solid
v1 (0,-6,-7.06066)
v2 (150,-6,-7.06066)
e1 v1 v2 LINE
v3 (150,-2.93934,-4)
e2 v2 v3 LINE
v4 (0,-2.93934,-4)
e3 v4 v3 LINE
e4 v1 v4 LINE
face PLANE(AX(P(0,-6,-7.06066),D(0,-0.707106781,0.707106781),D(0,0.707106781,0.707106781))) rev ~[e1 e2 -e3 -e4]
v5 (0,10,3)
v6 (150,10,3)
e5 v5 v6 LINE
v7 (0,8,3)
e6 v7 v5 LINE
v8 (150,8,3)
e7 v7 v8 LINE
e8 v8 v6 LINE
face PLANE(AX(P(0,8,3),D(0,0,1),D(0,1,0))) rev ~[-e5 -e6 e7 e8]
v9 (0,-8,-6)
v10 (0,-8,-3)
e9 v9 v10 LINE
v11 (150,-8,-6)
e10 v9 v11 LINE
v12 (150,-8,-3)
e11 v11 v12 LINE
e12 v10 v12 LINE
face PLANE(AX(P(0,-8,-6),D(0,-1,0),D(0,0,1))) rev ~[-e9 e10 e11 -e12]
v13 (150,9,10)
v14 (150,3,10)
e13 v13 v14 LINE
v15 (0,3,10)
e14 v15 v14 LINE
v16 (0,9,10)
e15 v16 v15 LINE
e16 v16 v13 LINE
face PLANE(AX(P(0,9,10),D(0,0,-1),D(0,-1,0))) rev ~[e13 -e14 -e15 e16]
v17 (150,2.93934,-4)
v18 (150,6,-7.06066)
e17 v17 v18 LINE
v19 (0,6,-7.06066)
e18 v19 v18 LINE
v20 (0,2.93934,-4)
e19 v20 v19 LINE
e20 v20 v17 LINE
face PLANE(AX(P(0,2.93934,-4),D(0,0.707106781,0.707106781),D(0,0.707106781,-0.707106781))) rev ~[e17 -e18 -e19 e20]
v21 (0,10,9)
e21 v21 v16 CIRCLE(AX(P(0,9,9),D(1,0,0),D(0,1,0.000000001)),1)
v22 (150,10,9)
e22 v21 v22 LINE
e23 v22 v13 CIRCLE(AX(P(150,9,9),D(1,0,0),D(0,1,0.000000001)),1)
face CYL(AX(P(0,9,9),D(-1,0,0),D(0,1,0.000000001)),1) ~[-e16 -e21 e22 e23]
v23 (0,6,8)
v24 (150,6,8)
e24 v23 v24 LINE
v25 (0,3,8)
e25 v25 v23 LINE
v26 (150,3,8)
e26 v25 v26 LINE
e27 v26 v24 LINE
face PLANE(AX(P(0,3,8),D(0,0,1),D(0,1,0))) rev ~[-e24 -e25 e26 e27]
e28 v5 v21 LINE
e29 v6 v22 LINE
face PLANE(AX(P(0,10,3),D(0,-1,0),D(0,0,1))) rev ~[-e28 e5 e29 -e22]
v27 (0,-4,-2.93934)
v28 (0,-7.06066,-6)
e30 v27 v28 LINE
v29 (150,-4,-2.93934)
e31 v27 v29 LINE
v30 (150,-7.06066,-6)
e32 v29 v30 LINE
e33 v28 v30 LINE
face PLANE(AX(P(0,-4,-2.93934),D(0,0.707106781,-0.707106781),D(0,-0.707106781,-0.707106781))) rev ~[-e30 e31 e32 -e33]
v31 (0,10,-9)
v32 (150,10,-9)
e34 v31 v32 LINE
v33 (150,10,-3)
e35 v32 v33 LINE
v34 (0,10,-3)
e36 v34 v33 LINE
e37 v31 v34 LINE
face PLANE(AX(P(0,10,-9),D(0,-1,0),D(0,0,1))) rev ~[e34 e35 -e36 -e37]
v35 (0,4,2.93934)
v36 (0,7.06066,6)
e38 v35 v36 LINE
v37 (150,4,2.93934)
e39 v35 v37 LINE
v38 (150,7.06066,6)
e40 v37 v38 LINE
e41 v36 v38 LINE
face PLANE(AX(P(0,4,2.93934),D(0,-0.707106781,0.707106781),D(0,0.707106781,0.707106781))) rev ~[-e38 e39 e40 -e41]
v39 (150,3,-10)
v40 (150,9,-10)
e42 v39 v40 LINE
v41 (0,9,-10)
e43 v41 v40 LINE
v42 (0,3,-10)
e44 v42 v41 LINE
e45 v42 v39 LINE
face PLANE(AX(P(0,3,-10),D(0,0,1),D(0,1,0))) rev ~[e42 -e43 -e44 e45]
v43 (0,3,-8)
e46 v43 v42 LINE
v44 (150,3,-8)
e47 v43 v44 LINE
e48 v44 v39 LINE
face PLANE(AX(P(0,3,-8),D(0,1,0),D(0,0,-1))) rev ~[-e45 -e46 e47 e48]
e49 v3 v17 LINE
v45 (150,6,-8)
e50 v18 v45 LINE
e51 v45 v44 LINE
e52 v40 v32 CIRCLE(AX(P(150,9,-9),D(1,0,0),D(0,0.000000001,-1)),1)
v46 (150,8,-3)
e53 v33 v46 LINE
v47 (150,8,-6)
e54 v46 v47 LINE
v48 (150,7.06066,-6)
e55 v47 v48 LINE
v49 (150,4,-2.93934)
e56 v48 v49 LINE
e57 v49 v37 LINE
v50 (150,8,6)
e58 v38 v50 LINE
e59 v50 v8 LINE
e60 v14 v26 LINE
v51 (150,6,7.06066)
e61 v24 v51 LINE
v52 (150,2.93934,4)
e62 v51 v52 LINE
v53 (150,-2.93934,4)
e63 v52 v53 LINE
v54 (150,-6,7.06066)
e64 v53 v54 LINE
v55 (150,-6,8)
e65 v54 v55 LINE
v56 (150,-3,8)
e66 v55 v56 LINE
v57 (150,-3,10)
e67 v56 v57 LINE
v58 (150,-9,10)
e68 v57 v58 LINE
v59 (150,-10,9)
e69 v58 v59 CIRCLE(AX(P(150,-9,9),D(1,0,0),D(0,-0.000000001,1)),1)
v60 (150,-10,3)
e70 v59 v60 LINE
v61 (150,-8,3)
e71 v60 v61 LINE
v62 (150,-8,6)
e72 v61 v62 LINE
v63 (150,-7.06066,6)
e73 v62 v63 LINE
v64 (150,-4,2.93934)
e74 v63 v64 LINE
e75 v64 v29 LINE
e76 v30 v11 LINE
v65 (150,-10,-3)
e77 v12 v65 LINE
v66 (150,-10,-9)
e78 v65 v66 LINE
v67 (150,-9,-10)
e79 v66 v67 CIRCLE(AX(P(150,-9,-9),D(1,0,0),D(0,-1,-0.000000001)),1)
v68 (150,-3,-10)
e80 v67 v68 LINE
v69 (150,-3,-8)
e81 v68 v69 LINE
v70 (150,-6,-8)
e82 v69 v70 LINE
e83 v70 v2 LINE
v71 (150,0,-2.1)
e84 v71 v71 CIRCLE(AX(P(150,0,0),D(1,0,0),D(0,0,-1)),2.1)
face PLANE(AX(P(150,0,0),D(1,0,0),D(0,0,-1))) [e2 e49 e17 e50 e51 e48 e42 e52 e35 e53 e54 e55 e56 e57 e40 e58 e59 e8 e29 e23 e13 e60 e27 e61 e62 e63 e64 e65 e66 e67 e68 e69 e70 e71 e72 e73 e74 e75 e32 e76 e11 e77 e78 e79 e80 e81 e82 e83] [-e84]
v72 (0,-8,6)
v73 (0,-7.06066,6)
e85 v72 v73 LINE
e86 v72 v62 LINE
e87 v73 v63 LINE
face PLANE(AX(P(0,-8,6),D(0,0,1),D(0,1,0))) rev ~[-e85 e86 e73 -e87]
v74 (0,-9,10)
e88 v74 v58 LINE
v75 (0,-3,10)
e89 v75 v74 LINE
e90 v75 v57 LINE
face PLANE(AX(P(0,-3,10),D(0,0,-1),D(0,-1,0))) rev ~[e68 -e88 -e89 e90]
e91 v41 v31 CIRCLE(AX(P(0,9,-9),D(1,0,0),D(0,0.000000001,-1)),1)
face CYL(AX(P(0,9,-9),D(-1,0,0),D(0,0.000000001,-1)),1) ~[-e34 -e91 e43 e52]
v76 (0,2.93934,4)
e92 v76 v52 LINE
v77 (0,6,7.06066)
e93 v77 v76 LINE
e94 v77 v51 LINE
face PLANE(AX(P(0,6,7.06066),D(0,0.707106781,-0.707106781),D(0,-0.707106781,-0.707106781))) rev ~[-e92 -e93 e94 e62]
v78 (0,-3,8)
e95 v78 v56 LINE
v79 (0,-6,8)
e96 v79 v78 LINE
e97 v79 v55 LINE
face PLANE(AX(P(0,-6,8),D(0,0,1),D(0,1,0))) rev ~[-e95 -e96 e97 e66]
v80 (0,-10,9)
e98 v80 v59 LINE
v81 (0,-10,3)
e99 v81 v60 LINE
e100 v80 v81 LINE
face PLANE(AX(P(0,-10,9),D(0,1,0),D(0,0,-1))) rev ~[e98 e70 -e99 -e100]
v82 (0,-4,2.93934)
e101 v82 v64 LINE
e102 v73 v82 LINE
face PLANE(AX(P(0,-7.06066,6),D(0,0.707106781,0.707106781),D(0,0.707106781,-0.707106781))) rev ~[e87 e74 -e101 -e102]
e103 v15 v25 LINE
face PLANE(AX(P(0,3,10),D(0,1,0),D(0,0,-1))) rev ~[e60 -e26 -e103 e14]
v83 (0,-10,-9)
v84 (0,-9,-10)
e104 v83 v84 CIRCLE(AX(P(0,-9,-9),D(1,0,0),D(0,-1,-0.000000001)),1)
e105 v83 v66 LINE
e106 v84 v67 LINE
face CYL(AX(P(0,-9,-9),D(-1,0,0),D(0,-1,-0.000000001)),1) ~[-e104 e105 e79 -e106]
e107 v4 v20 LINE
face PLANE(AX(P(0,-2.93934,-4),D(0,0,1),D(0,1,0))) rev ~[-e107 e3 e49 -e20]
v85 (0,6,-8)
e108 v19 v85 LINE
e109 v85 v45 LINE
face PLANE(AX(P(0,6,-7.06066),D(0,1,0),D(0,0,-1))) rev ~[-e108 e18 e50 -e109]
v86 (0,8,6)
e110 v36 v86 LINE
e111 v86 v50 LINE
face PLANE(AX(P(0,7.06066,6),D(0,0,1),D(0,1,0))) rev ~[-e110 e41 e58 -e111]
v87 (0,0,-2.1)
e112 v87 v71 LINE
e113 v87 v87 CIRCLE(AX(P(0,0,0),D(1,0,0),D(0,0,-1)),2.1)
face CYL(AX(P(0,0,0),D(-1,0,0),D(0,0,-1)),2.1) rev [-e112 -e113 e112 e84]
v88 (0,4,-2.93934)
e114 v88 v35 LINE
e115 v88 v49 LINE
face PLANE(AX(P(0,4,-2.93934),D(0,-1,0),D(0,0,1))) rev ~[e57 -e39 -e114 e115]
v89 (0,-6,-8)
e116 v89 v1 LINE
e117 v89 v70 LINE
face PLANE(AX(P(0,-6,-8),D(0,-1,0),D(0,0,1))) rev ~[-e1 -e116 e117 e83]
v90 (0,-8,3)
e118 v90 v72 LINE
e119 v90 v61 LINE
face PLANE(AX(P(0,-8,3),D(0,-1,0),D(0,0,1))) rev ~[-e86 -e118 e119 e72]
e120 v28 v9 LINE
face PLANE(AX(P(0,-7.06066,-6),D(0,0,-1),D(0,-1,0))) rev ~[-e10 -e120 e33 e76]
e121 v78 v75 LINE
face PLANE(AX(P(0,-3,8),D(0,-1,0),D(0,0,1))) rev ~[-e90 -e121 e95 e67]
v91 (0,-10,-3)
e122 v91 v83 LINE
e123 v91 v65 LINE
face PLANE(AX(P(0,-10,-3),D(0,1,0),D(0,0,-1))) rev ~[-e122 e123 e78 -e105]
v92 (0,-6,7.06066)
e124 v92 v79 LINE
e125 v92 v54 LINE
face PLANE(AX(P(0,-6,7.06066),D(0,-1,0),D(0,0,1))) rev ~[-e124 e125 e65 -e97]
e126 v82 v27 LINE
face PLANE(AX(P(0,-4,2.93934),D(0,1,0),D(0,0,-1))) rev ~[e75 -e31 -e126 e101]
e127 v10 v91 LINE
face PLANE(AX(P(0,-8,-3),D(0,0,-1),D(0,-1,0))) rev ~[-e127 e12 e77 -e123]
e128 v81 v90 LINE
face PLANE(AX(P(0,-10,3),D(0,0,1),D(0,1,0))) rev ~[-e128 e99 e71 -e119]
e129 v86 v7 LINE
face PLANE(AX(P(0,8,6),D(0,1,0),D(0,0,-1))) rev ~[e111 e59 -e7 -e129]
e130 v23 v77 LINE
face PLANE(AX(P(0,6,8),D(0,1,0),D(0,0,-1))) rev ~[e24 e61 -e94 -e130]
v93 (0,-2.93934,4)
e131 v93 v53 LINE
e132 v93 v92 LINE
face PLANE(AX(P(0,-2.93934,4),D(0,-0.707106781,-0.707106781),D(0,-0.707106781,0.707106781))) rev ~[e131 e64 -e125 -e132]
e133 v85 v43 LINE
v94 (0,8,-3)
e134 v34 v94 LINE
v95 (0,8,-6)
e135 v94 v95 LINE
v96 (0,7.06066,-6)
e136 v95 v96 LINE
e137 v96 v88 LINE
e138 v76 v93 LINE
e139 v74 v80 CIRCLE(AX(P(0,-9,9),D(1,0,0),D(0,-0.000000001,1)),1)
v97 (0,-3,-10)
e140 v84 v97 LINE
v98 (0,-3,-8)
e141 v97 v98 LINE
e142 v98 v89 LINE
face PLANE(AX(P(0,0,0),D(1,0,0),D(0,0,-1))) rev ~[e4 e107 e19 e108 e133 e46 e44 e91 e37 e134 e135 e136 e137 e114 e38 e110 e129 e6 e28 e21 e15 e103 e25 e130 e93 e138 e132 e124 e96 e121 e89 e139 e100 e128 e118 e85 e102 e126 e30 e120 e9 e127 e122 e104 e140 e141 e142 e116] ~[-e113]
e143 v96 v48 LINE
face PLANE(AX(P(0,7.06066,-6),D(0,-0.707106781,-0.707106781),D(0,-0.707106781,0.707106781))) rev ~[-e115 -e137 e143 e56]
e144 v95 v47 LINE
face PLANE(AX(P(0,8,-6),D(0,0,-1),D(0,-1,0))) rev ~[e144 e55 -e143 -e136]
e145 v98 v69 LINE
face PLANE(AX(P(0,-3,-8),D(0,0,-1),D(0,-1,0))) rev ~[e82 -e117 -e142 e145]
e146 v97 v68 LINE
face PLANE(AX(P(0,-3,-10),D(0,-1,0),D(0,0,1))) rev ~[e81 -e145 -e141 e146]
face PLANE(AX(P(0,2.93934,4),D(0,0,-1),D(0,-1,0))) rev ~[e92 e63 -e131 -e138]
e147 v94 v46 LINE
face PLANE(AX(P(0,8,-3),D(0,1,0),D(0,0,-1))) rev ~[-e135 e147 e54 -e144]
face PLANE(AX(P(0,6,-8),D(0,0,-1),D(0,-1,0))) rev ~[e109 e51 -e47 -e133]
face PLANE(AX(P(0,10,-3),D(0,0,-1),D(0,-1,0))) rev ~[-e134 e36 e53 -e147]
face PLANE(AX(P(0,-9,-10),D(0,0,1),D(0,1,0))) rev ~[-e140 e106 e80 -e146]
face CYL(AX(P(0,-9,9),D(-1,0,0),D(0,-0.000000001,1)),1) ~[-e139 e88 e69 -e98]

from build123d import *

# Parameters (mm, degrees)
SKETCH1_R           = 2.1
BOSS_EXTRUDE1_DEPTH = 150


with BuildPart() as part:
    # Sketch1 → Boss-Extrude1 (new body)
    with BuildSketch(Plane(origin=(0, 0, 0), x_dir=(0, 0, -1), z_dir=(1, 0, 0))):
        with BuildLine():
            Line((-10, 9), (-10, 3))
            Line((-10, 3), (-8, 3))
            Line((-8, 3), (-8, 6))
            Line((-8, 6), (-7.060660172, 6))
            Line((-7.060660172, 6), (-4, 2.939339828))
            Line((-4, 2.939339828), (-4, -2.939339828))
            Line((-4, -2.939339828), (-7.060660172, -6))
            Line((-7.060660172, -6), (-8, -6))
            Line((-8, -6), (-8, -3))
            Line((-8, -3), (-10, -3))
            Line((-10, -3), (-10, -9))
            ThreePointArc((-10, -9), (-9.707106781, -9.707106781), (-9, -10))
            Line((-9, -10), (-3, -10))
            Line((-3, -10), (-3, -8))
            Line((-3, -8), (-6, -8))
            Line((-6, -8), (-6, -7.060660172))
            Line((-6, -7.060660172), (-2.939339828, -4))
            Line((-2.939339828, -4), (2.939339828, -4))
            Line((2.939339828, -4), (6, -7.060660172))
            Line((6, -7.060660172), (6, -8))
            Line((6, -8), (3, -8))
            Line((3, -8), (3, -10))
            Line((3, -10), (9, -10))
            ThreePointArc((9, -10), (9.707106781, -9.707106781), (10, -9))
            Line((10, -9), (10, -3))
            Line((10, -3), (8, -3))
            Line((8, -3), (8, -6))
            Line((8, -6), (7.060660172, -6))
            Line((7.060660172, -6), (4, -2.939339828))
            Line((4, -2.939339828), (4, 2.939339828))
            Line((4, 2.939339828), (7.060660172, 6))
            Line((7.060660172, 6), (8, 6))
            Line((8, 6), (8, 3))
            Line((8, 3), (10, 3))
            Line((10, 3), (10, 9))
            ThreePointArc((10, 9), (9.707106781, 9.707106781), (9, 10))
            Line((9, 10), (3, 10))
            Line((3, 10), (3, 8))
            Line((3, 8), (6, 8))
            Line((6, 8), (6, 7.060660172))
            Line((6, 7.060660172), (2.939339828, 4))
            Line((2.939339828, 4), (-2.939339828, 4))
            Line((-2.939339828, 4), (-6, 7.060660172))
            Line((-6, 7.060660172), (-6, 8))
            Line((-6, 8), (-3, 8))
            Line((-3, 8), (-3, 10))
            Line((-3, 10), (-9, 10))
            ThreePointArc((-9, 10), (-9.707106781, 9.707106781), (-10, 9))
        make_face()
        Circle(SKETCH1_R, mode=Mode.SUBTRACT)
    extrude(amount=BOSS_EXTRUDE1_DEPTH)


solid = part.part
